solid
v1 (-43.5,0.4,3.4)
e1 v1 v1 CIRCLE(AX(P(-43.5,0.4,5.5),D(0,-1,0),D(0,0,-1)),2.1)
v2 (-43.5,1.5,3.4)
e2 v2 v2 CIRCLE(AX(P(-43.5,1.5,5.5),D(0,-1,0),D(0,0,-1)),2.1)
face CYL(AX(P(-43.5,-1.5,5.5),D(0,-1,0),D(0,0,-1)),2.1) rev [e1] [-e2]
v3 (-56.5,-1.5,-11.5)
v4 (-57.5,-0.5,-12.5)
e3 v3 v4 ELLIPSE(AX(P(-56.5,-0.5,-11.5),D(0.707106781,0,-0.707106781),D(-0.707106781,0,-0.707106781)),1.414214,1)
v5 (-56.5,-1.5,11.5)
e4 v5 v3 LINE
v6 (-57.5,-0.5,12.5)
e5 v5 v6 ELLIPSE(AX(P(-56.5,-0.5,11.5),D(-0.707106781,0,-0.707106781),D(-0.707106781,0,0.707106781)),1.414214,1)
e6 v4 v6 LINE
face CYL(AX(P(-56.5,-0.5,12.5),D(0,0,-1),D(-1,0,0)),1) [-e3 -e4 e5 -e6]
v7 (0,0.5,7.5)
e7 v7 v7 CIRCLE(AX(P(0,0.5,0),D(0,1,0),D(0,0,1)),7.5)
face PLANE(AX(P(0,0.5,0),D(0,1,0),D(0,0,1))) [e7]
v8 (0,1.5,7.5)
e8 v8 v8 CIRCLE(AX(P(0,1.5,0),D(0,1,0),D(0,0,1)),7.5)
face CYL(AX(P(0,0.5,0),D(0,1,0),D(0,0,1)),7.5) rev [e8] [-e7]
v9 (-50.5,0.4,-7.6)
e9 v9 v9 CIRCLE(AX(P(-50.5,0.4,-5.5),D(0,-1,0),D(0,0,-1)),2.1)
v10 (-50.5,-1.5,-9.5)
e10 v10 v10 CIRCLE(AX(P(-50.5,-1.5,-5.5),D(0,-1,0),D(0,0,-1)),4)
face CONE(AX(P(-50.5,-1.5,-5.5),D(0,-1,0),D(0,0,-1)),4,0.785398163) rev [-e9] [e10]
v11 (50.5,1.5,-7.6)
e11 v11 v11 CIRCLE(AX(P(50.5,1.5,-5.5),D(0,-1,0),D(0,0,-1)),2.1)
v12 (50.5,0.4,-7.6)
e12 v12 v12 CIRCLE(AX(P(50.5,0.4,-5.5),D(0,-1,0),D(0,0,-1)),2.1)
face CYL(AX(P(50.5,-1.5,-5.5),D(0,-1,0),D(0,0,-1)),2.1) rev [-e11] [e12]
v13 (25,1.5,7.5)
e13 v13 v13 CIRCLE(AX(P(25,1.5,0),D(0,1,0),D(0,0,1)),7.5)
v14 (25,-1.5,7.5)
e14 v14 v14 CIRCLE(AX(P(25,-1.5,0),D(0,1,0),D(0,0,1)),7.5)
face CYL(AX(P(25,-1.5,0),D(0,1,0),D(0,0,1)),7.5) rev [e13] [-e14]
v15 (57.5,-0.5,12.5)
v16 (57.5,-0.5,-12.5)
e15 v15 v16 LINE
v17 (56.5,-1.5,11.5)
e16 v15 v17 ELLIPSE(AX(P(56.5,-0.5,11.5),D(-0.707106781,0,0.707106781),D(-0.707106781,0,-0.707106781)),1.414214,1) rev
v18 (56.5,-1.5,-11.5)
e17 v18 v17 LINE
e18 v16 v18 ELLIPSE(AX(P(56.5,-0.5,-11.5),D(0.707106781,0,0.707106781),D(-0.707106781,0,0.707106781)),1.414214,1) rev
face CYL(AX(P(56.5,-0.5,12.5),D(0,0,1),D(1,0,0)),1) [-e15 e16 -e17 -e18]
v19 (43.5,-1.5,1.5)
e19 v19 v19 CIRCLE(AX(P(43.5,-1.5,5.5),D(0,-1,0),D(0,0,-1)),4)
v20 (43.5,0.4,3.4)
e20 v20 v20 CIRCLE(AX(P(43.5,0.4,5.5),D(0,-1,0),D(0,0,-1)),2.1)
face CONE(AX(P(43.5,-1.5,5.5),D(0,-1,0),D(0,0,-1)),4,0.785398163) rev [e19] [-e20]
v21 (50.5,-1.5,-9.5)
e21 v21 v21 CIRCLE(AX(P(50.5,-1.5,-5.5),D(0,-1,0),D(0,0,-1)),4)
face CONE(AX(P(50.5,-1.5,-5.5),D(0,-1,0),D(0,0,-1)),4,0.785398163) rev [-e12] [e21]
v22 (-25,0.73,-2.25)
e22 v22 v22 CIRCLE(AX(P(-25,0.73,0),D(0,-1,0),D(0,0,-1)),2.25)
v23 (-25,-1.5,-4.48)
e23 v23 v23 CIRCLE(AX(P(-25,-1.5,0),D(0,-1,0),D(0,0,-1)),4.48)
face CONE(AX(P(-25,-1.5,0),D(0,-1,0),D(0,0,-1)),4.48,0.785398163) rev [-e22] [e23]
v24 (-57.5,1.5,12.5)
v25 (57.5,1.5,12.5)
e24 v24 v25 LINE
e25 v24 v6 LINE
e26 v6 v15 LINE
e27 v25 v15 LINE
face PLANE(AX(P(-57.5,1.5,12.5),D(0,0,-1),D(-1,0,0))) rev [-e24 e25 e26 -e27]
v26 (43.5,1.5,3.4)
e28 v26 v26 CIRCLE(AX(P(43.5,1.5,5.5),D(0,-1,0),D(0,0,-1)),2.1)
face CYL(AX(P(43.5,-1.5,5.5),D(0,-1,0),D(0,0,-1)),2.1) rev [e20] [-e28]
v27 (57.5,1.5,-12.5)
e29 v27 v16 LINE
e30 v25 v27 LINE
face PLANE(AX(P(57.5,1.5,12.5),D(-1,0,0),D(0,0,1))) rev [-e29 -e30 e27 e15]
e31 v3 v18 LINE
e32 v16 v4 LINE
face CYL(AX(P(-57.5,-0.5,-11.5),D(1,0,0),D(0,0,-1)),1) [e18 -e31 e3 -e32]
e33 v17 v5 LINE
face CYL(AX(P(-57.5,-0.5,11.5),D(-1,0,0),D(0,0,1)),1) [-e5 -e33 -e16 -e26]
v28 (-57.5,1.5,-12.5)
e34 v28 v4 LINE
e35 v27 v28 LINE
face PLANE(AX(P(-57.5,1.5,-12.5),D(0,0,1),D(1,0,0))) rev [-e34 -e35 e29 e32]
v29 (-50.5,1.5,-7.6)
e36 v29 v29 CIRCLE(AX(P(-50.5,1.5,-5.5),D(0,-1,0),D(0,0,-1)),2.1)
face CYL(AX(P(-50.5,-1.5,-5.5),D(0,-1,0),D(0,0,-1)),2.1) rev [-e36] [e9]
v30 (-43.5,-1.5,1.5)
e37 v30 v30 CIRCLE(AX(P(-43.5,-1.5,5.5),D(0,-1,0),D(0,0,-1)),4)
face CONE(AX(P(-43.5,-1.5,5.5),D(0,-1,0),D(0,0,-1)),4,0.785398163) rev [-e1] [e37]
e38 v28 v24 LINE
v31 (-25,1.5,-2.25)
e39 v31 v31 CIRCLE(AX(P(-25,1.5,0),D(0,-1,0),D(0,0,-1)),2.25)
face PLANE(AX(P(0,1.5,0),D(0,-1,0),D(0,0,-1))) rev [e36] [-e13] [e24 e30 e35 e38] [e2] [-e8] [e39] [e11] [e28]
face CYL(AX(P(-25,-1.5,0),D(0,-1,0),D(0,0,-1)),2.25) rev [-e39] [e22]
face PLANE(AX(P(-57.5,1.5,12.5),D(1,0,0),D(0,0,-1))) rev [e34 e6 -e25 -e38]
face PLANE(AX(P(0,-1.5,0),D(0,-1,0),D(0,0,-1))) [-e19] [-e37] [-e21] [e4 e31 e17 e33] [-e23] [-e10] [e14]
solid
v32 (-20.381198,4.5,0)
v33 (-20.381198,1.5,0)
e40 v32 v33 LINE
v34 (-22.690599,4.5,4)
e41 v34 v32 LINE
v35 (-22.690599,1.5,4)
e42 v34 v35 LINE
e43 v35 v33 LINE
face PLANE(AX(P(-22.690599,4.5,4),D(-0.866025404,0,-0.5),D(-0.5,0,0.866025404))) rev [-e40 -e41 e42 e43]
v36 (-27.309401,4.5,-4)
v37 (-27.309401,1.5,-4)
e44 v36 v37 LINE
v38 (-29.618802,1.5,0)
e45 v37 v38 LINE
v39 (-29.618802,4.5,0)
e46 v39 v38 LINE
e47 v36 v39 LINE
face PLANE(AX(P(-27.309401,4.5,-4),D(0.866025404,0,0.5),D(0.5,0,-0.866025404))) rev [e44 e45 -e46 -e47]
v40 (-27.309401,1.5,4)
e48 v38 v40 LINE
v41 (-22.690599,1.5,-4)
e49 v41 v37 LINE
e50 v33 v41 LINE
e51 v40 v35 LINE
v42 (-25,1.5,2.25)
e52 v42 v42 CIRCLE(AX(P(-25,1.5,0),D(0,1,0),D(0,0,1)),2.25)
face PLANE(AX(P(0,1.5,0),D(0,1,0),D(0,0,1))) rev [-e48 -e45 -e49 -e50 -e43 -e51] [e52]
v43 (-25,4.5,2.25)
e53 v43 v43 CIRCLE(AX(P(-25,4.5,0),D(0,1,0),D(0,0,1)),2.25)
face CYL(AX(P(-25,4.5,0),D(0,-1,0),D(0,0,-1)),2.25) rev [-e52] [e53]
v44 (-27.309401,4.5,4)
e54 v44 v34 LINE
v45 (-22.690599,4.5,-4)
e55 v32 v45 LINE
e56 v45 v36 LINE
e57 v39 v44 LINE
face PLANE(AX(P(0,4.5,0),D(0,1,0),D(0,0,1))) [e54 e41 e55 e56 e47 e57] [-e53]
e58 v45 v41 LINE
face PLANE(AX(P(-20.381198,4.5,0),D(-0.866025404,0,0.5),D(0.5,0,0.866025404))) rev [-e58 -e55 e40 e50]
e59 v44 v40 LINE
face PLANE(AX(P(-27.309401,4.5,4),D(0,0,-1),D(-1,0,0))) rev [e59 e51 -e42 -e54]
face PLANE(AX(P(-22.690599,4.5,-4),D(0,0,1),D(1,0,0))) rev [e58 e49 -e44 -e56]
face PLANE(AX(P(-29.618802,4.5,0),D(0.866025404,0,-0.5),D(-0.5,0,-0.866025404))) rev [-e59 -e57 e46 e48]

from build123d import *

# Parameters (mm, degrees)
ESBO_O1_W                           = 115
ESBO_O1_H                           = 25
RESSALTO_EXTRUS_O1_DEPTH            = 1.5
ESBO_O2_R                           = 7.5
CORTE_EXTRUS_O1_DEPTH               = 59.919436521
ESBO_O2_3_R                         = 7.5
CORTE_EXTRUS_O2_DEPTH               = 1
ESCAREADO_PARA_SFHCS_M51_AT_2_COUNT = 2
ESCAREADO_PARA_SFHCS_M51_AT_2_PITCH = 13.03840481
ESCAREADO_PARA_SFHCS_M51_AT_3_COUNT = 2
ESCAREADO_PARA_SFHCS_M51_AT_3_PITCH = 94.641428561
ESCAREADO_PARA_SFHCS_M51_AT_4_COUNT = 2
ESCAREADO_PARA_SFHCS_M51_AT_4_PITCH = 101
FILETE1_R                           = 1
ESBO_O7_R                           = 2.25
RESSALTO_EXTRUS_O2_DEPTH            = 3


with BuildPart() as part:
    # Esboço1 → Ressalto-extrusão1 (new, symmetric)
    with BuildSketch(Plane(origin=(0, 0, 0), x_dir=(1, 0, 0), z_dir=(0, 1, 0))):
        Rectangle(ESBO_O1_W, ESBO_O1_H)
    extrude(amount=RESSALTO_EXTRUS_O1_DEPTH, both=True)

    # Esboço2 → Corte-extrusão1 (cut, through all)
    with BuildSketch(Plane(origin=(0, 1.5, 0), x_dir=(1, 0, 0), z_dir=(0, 1, 0))):
        with Locations((25, 0)):
            Circle(ESBO_O2_R)
    extrude(amount=-CORTE_EXTRUS_O1_DEPTH, mode=Mode.SUBTRACT)

    # Esboço2<3> → Corte-extrusão2 (cut)
    with BuildSketch(Plane(origin=(0, 1.5, 0), x_dir=(1, 0, 0), z_dir=(0, 1, 0))):
        Circle(ESBO_O2_3_R)
    extrude(amount=-CORTE_EXTRUS_O2_DEPTH, mode=Mode.SUBTRACT)

    # Esboço4 → Escareado para SFHCS M51 (revolve, cut)
    with BuildSketch(Plane(origin=(50.5, -1.5, -5.5), x_dir=(0, 0, -1), z_dir=(1, 0, 0))):
        Polygon((0, 0), (0, 3), (2.1, 3), (2.1, 1.9), (4, 0), align=None)
    escareado_para_sfhcs_m51 = revolve(axis=Axis((50.5, -7.85, -5.5), (0, 1, 0)), mode=Mode.SUBTRACT)

    # Escareado para SFHCS M51 at 2: Escareado para SFHCS M51 ×2
    with Locations(*[Vector(-0.5368754921931589, 0, 0.8436614877321078) * (i * ESCAREADO_PARA_SFHCS_M51_AT_2_PITCH) for i in range(1, ESCAREADO_PARA_SFHCS_M51_AT_2_COUNT)]):
        add(escareado_para_sfhcs_m51, mode=Mode.SUBTRACT)

    # Escareado para SFHCS M51 at 3: Escareado para SFHCS M51 ×2
    with Locations(*[Vector(-0.9932225393212899, 0, 0.11622816949504457) * (i * ESCAREADO_PARA_SFHCS_M51_AT_3_PITCH) for i in range(1, ESCAREADO_PARA_SFHCS_M51_AT_3_COUNT)]):
        add(escareado_para_sfhcs_m51, mode=Mode.SUBTRACT)

    # Escareado para SFHCS M51 at 4: Escareado para SFHCS M51 ×2
    with Locations(*[(-i * ESCAREADO_PARA_SFHCS_M51_AT_4_PITCH, 0, 0) for i in range(1, ESCAREADO_PARA_SFHCS_M51_AT_4_COUNT)]):
        add(escareado_para_sfhcs_m51, mode=Mode.SUBTRACT)

    # Filete1
    filete1_edges = [part.edges().sort_by_distance(p)[0] for p in [
        (0, -1.5, -12.5),
        (-57.5, -1.5, 0),
        (57.5, -1.5, 0),
        (0, -1.5, 12.5),
    ]]
    fillet(filete1_edges, radius=FILETE1_R)

    # Esboço6 → Escareado para SFHCS M41 (revolve, cut)
    with BuildSketch(Plane(origin=(-25, -1.5, 0), x_dir=(0, 0, -1), z_dir=(1, 0, 0))):
        Polygon((0, 0), (0, 3), (2.25, 3), (2.25, 2.23), (4.48, 0), align=None)
    revolve(axis=Axis((-25, -7.85, 0), (0, 1, 0)), mode=Mode.SUBTRACT)


with BuildPart() as body_2:
    # Esboço7 → Ressalto-extrusão2 (new body)
    with BuildSketch(Plane(origin=(0, 1.5, 0), x_dir=(1, 0, 0), z_dir=(0, 1, 0))):
        Polygon((-22.690598923, -4), (-20.381197846, 0), (-22.690598923, 4), (-27.309401077, 4), (-29.618802154, 0), (-27.309401077, -4), align=None)
        with Locations((-25, 0)):
            Circle(ESBO_O7_R, mode=Mode.SUBTRACT)
    extrude(amount=RESSALTO_EXTRUS_O2_DEPTH)


solid = Compound([part.part, body_2.part])
